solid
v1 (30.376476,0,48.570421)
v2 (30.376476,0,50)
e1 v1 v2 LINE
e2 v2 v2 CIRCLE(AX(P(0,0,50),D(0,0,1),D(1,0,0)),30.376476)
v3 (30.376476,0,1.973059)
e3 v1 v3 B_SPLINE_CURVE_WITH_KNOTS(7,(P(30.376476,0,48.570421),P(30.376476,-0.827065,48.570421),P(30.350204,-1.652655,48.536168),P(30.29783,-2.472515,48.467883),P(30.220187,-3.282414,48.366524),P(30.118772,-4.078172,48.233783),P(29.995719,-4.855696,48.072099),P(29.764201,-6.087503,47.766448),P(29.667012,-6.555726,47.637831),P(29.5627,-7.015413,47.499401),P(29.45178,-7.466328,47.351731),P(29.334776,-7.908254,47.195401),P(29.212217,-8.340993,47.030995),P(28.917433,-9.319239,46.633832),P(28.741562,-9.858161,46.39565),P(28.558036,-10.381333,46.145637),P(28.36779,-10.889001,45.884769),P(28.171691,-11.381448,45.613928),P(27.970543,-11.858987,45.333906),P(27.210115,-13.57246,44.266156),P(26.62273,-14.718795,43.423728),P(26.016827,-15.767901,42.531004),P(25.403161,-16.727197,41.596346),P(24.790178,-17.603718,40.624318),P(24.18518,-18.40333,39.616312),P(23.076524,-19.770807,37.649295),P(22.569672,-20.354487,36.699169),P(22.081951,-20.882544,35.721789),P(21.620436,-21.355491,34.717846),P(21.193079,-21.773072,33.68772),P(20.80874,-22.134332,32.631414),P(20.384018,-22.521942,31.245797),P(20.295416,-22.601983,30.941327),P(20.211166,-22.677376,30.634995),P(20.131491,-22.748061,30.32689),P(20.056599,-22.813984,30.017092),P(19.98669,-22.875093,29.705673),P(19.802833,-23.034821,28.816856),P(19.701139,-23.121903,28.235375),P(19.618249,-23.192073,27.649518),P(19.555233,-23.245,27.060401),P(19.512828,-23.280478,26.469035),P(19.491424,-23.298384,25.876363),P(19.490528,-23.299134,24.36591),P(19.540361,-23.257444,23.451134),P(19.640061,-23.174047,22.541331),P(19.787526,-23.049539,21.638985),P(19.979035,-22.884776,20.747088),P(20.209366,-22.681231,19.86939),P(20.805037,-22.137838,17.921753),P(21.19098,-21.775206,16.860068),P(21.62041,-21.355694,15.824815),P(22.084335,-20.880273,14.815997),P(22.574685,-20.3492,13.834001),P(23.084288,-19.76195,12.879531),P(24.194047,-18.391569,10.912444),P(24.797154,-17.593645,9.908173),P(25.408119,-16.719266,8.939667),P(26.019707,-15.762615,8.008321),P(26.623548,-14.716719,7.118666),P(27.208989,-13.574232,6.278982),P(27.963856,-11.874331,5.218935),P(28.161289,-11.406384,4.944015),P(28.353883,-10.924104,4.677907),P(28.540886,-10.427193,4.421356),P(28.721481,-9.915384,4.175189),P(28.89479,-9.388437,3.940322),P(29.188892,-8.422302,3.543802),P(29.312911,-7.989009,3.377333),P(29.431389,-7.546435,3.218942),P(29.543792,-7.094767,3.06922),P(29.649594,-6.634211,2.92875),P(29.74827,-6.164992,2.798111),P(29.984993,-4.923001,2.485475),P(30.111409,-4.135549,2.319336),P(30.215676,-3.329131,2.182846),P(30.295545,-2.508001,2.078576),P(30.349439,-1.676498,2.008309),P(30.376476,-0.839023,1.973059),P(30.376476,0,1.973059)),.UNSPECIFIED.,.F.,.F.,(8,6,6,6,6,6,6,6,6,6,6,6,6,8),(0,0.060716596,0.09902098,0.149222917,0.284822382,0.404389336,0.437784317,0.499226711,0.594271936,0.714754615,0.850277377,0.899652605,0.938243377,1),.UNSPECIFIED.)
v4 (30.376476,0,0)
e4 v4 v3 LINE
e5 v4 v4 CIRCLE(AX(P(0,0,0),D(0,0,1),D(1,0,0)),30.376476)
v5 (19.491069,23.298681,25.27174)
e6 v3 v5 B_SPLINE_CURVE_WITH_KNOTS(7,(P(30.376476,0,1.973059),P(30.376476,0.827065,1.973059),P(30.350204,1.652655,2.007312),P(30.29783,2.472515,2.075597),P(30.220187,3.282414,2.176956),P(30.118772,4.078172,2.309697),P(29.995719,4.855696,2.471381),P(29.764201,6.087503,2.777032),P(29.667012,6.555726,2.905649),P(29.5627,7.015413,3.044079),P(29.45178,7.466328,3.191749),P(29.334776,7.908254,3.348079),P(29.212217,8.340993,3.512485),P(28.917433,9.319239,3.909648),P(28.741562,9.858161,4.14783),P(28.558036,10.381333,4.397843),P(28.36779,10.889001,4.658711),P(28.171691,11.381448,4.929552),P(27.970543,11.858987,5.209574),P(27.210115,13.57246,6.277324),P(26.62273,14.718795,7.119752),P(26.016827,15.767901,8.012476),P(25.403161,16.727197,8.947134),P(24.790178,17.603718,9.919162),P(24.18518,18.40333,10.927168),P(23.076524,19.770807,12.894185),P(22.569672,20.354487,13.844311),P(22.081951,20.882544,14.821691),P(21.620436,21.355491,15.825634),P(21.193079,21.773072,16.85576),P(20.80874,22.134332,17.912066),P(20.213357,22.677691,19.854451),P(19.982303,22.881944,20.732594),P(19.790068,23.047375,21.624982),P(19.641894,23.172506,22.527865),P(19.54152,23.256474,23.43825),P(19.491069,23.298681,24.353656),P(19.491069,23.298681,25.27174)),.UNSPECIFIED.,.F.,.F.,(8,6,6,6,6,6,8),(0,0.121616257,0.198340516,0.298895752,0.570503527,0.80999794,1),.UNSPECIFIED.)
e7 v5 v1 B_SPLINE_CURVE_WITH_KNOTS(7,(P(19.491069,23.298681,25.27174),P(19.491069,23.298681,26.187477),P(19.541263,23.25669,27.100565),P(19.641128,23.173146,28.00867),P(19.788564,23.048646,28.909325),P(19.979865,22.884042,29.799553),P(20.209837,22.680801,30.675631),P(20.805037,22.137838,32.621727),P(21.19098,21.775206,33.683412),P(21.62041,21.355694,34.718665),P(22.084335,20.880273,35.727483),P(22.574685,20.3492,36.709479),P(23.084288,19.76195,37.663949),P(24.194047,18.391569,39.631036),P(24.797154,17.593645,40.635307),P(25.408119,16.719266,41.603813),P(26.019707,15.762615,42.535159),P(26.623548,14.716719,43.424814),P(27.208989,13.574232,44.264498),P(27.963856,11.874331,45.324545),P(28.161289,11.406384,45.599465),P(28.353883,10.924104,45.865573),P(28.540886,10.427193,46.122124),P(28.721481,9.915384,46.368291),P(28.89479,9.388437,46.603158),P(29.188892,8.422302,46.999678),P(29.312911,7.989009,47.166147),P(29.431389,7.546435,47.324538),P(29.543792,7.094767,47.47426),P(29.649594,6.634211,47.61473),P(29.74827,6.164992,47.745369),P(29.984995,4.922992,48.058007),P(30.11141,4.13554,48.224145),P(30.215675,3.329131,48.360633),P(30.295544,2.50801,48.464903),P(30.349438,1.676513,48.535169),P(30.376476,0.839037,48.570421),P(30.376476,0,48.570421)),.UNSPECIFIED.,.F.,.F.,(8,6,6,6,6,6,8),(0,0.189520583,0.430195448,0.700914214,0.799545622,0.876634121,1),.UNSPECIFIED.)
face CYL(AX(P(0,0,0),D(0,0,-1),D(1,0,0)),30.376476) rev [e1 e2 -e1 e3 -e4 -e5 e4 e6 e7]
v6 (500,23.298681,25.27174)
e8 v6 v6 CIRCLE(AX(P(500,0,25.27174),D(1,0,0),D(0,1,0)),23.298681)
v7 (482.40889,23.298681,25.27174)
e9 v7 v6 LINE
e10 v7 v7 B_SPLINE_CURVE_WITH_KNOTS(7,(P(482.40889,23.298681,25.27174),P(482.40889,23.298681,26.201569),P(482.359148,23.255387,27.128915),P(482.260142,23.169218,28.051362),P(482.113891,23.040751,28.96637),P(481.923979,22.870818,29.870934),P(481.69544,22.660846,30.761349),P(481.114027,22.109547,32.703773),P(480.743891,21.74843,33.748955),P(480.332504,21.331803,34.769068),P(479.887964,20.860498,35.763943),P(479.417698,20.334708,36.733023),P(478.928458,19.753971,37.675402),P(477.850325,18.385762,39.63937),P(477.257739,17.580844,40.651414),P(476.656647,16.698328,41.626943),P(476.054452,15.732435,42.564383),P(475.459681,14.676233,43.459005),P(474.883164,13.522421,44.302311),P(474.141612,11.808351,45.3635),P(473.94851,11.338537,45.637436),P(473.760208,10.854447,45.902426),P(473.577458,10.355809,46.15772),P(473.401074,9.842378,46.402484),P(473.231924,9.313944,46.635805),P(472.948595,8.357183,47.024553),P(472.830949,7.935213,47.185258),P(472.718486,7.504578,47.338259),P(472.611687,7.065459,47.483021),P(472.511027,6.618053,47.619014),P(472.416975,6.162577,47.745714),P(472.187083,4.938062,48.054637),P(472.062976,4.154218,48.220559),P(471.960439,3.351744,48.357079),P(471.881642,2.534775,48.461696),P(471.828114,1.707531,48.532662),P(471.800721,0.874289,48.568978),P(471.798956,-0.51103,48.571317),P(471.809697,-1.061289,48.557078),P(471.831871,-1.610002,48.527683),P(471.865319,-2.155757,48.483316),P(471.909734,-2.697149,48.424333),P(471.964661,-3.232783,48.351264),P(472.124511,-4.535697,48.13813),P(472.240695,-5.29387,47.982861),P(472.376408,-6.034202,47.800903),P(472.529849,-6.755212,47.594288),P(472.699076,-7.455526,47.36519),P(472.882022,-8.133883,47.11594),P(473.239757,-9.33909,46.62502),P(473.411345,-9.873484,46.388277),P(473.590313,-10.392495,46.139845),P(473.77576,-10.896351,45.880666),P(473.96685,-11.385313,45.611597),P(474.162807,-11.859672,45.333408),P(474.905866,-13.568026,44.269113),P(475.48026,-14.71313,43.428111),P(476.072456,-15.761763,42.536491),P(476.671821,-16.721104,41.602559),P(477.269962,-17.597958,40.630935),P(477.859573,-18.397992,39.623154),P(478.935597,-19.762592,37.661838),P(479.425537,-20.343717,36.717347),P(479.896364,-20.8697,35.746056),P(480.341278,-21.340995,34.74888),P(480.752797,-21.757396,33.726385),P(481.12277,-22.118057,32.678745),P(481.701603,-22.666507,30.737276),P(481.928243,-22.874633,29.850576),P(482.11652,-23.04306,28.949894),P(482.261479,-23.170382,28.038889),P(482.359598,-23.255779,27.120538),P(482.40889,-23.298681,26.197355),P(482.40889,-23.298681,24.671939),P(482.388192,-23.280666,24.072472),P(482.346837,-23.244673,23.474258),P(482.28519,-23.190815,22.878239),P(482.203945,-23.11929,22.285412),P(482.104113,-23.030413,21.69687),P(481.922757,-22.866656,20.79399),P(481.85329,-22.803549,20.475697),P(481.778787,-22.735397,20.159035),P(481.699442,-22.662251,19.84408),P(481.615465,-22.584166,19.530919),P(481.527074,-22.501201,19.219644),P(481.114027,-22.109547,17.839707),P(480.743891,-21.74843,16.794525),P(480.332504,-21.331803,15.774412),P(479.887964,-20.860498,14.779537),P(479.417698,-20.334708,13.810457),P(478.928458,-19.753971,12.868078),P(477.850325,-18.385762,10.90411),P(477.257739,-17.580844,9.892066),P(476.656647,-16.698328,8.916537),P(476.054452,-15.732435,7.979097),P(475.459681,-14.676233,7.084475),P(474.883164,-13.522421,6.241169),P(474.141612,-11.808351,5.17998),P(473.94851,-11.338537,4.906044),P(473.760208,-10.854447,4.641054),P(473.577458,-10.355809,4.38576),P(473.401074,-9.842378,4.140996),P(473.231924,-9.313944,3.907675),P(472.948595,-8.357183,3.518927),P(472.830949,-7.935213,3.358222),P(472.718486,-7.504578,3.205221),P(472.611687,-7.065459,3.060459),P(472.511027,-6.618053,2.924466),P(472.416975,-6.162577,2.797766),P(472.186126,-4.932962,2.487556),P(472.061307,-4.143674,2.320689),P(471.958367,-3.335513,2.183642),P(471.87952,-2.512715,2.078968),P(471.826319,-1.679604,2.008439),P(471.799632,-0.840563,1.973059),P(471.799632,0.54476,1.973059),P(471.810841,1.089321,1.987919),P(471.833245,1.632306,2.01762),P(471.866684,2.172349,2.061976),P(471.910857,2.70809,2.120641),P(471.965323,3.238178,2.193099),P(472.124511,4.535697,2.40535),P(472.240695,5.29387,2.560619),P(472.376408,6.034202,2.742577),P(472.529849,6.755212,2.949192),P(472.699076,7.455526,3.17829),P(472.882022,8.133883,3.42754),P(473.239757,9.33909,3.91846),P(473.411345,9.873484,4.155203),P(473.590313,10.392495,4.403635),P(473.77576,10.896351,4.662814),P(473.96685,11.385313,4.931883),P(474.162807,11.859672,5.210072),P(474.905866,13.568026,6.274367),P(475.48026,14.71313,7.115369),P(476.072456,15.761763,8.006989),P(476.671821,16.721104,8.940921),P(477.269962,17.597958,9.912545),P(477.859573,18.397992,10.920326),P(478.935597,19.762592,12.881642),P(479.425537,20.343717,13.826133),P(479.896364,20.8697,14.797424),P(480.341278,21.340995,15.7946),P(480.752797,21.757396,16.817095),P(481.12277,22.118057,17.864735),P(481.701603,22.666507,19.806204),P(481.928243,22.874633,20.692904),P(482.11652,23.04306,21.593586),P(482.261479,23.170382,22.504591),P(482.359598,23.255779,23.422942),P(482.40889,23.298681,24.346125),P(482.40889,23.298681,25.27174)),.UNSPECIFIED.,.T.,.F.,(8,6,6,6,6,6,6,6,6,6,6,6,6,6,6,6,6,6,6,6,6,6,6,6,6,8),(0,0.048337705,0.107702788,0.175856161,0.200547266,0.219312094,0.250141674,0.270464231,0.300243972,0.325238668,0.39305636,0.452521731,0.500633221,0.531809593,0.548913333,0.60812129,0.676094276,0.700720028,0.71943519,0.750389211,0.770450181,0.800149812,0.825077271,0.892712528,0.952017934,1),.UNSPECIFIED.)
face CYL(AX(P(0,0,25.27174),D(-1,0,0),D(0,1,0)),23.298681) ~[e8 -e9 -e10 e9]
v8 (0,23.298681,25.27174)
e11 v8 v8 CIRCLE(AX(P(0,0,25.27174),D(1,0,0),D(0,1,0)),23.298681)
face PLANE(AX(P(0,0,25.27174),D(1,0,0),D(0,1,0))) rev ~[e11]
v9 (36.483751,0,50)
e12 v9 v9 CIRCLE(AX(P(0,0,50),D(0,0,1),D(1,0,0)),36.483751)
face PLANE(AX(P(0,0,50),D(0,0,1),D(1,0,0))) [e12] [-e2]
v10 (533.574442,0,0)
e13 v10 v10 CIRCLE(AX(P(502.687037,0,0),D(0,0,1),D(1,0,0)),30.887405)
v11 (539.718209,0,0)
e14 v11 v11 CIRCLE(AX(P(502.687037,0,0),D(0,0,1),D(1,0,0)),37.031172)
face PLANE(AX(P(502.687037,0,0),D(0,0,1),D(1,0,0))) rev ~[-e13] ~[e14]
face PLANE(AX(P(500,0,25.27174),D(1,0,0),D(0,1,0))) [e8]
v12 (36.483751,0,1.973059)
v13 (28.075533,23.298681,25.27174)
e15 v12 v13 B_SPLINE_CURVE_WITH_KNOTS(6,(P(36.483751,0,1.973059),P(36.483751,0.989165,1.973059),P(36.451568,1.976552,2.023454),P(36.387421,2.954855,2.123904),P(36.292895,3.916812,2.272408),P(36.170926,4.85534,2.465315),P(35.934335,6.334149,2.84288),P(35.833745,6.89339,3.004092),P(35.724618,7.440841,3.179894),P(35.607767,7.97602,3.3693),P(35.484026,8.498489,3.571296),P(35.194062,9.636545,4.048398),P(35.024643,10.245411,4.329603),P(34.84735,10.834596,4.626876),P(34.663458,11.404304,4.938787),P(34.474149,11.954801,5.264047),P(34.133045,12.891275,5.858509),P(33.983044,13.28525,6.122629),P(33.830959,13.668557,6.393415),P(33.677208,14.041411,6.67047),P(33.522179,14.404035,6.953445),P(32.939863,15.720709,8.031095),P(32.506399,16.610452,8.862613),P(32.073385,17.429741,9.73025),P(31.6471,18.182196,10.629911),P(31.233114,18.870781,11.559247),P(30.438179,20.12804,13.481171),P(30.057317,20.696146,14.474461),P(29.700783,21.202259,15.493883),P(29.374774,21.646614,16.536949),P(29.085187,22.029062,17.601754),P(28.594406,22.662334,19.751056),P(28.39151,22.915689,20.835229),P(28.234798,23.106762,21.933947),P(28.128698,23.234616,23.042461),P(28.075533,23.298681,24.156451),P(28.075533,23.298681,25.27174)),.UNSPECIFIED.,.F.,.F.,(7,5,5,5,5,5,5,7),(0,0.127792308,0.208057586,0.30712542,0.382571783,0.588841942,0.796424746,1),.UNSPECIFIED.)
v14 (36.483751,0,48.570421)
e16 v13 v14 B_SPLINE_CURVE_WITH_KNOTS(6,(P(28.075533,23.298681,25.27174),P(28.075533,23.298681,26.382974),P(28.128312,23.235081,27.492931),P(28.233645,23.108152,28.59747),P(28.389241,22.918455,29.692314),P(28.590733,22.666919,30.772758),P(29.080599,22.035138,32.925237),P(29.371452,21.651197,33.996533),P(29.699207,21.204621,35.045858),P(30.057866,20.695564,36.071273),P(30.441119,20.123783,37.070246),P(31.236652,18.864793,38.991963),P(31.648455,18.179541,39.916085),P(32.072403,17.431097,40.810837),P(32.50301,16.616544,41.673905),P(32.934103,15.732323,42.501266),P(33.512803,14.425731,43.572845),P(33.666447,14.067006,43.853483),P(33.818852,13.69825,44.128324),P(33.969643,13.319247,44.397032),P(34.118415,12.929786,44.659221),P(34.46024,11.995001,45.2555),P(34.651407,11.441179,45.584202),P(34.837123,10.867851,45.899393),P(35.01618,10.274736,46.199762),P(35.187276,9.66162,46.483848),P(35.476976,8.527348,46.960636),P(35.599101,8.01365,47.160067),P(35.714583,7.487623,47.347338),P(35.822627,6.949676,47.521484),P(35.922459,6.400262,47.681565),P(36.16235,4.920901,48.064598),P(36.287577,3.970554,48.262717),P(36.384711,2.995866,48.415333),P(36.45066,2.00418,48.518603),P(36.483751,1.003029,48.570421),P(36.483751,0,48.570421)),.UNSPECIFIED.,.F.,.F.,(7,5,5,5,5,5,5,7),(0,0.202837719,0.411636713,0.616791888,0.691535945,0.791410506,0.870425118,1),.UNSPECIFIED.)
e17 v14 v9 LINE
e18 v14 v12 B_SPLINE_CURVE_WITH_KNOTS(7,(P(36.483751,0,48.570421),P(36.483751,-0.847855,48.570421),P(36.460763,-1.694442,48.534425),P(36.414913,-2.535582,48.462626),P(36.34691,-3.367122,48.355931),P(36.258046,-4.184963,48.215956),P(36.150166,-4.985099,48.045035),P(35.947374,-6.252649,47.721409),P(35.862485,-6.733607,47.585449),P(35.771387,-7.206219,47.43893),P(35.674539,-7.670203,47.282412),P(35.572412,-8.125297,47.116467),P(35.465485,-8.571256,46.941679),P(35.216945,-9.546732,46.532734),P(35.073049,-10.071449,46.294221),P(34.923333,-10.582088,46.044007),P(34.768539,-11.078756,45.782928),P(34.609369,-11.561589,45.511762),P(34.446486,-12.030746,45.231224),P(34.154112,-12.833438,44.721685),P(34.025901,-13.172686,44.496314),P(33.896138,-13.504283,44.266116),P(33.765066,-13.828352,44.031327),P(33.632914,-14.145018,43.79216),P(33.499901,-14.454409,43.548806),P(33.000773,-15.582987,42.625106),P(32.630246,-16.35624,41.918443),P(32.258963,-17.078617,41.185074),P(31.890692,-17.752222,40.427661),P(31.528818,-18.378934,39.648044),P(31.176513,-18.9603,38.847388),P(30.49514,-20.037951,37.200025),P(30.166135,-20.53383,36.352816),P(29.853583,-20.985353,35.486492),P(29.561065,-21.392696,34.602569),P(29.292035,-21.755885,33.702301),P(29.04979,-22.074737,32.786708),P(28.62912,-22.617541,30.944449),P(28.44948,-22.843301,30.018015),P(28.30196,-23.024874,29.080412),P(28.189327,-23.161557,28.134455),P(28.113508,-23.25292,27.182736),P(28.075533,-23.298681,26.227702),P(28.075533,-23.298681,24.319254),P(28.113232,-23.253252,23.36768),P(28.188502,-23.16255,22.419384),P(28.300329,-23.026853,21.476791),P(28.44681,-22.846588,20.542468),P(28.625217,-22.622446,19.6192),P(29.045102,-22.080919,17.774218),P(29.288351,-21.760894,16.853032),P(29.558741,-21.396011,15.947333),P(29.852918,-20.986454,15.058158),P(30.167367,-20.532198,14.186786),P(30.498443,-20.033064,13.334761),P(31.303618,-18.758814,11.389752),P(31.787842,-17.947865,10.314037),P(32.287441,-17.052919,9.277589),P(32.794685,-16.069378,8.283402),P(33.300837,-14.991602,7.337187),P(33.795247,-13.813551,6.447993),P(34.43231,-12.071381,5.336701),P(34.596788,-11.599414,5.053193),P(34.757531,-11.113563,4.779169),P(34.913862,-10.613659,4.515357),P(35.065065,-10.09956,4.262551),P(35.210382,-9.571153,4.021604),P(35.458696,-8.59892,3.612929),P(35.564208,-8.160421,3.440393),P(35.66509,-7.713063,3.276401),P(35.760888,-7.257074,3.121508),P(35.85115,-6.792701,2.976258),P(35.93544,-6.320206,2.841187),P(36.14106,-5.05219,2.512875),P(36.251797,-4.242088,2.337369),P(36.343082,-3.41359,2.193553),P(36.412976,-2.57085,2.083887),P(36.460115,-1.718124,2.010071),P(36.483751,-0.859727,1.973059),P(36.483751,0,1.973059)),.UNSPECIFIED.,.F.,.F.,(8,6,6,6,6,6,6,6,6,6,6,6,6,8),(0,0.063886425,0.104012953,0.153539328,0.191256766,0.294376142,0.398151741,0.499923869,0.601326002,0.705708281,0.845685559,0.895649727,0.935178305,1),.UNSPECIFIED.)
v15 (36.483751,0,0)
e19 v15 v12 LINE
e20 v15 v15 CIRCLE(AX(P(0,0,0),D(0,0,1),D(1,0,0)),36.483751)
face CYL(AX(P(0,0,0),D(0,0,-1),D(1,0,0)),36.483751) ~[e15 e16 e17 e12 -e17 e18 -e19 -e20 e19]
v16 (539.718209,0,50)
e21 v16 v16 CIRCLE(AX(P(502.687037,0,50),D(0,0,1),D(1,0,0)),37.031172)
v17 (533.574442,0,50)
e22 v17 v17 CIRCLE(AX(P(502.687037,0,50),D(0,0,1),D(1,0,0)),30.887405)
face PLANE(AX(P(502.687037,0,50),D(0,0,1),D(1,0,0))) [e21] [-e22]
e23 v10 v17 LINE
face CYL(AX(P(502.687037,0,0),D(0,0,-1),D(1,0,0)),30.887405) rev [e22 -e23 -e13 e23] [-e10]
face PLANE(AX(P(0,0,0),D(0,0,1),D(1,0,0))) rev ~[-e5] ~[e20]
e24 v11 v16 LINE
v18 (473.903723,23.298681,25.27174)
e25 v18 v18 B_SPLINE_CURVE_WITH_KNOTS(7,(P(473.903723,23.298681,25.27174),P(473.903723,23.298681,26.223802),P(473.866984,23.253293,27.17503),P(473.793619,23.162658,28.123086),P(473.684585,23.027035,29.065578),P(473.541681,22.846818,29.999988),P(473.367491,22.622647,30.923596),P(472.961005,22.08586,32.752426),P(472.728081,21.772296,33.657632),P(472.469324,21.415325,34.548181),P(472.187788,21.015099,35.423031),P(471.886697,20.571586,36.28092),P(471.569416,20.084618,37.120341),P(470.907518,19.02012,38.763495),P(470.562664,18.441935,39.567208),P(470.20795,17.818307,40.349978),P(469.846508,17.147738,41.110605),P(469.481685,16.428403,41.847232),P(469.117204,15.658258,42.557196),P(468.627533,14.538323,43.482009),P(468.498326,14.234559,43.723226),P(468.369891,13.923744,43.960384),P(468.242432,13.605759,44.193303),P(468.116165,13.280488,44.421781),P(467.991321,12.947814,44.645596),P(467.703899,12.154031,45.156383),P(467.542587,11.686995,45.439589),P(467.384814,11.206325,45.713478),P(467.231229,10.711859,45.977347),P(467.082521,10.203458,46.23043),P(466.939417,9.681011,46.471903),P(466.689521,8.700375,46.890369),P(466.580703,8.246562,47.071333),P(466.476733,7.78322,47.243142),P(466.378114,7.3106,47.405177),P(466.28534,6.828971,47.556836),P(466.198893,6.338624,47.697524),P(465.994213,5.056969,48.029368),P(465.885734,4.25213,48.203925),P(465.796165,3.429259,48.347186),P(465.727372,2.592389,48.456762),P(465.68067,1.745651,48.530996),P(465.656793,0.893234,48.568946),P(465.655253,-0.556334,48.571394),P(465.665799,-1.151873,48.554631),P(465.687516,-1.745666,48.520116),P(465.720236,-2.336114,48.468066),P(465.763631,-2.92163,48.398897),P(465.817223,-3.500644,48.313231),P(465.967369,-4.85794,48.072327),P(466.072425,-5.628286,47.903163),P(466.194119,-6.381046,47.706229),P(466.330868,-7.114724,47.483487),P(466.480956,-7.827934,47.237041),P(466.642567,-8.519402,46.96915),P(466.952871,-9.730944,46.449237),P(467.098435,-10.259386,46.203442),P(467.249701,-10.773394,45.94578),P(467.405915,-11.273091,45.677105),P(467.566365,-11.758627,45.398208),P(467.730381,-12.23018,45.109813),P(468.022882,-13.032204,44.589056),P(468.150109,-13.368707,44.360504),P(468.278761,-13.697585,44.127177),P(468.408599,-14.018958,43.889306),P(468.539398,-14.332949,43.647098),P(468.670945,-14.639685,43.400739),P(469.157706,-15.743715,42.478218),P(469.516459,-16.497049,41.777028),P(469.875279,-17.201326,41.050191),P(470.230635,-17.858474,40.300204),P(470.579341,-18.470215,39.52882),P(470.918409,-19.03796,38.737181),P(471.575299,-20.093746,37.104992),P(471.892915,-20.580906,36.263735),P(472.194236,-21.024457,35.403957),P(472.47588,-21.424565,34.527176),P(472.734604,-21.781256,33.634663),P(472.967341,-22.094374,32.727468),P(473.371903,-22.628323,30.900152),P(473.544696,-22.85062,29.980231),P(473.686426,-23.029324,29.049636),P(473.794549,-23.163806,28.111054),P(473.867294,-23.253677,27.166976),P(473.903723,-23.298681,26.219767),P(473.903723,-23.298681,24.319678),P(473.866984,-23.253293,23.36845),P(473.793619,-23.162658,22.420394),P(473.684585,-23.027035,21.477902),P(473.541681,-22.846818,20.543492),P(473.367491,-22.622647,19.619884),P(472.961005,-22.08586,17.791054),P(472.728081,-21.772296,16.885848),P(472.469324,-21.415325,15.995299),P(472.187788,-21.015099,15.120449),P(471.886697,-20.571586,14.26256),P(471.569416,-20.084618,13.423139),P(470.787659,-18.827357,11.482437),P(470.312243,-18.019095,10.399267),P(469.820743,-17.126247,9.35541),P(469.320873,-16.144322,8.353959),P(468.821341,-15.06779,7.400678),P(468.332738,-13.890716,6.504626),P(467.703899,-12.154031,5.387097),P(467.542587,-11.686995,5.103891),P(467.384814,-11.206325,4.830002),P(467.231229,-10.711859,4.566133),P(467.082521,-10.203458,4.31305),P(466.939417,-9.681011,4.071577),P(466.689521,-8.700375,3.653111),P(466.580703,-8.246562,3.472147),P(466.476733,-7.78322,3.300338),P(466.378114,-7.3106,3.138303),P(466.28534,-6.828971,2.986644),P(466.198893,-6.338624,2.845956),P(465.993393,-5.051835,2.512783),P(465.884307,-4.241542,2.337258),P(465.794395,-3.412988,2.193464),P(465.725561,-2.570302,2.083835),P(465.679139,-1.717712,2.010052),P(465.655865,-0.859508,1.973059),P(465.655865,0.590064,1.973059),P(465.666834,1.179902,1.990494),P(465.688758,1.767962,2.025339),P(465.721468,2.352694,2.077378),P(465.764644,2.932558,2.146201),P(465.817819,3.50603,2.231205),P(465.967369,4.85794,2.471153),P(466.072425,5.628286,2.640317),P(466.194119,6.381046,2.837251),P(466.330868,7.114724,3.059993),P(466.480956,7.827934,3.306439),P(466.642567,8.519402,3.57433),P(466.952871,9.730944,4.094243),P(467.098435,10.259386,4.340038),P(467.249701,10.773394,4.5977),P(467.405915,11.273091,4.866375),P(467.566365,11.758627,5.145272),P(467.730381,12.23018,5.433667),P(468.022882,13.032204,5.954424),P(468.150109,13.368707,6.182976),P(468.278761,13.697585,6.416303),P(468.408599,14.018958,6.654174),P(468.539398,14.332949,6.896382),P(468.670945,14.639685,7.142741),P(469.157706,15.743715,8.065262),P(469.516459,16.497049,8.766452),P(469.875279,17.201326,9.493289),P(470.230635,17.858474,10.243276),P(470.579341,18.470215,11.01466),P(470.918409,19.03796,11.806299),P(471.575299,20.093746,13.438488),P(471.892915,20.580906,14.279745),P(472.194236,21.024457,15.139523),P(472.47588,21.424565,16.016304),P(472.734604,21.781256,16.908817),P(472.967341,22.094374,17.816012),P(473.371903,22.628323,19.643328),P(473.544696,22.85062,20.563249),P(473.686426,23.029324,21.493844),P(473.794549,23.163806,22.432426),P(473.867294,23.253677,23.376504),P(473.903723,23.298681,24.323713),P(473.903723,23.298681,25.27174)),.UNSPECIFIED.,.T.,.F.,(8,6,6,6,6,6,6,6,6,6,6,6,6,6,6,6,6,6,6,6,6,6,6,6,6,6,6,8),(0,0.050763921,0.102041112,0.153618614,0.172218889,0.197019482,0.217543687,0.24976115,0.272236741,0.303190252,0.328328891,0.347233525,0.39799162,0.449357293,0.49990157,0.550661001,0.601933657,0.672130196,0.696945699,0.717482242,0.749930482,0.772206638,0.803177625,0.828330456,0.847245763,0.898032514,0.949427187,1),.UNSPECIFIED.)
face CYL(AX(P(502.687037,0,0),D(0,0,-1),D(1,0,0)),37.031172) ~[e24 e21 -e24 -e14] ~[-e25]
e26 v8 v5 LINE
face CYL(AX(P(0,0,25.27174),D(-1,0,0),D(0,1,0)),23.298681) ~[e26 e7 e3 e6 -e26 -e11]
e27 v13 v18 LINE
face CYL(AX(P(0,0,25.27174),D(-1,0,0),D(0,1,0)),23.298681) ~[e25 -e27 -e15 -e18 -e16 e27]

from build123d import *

# Parameters (mm, degrees)
F0_R     = 36.483751
F0_R_2   = 30.376476
F1_DEPTH = 50
F2_R     = 23.298681
F3_DEPTH = 500
F4_R     = 37.031172
F4_R_2   = 30.887405
F5_DEPTH = 50


with BuildPart() as f1:
    # F0 (on Top) → F1 (new body)
    with BuildSketch(Plane.XY):
        Circle(F0_R)
        Circle(F0_R_2, mode=Mode.SUBTRACT)
    extrude(amount=F1_DEPTH)

    # F2 (on Right) → F3 (join)
    with BuildSketch(Plane.YZ):
        with Locations((0, 25.27174)):
            Circle(F2_R)
    extrude(amount=F3_DEPTH)

    # F4 (on Top) → F5 (join)
    with BuildSketch(Plane.XY):
        with Locations((502.687037, 0)):
            Circle(F4_R)
        with Locations((502.687037, 0)):
            Circle(F4_R_2, mode=Mode.SUBTRACT)
    extrude(amount=F5_DEPTH)


solid = f1.part
